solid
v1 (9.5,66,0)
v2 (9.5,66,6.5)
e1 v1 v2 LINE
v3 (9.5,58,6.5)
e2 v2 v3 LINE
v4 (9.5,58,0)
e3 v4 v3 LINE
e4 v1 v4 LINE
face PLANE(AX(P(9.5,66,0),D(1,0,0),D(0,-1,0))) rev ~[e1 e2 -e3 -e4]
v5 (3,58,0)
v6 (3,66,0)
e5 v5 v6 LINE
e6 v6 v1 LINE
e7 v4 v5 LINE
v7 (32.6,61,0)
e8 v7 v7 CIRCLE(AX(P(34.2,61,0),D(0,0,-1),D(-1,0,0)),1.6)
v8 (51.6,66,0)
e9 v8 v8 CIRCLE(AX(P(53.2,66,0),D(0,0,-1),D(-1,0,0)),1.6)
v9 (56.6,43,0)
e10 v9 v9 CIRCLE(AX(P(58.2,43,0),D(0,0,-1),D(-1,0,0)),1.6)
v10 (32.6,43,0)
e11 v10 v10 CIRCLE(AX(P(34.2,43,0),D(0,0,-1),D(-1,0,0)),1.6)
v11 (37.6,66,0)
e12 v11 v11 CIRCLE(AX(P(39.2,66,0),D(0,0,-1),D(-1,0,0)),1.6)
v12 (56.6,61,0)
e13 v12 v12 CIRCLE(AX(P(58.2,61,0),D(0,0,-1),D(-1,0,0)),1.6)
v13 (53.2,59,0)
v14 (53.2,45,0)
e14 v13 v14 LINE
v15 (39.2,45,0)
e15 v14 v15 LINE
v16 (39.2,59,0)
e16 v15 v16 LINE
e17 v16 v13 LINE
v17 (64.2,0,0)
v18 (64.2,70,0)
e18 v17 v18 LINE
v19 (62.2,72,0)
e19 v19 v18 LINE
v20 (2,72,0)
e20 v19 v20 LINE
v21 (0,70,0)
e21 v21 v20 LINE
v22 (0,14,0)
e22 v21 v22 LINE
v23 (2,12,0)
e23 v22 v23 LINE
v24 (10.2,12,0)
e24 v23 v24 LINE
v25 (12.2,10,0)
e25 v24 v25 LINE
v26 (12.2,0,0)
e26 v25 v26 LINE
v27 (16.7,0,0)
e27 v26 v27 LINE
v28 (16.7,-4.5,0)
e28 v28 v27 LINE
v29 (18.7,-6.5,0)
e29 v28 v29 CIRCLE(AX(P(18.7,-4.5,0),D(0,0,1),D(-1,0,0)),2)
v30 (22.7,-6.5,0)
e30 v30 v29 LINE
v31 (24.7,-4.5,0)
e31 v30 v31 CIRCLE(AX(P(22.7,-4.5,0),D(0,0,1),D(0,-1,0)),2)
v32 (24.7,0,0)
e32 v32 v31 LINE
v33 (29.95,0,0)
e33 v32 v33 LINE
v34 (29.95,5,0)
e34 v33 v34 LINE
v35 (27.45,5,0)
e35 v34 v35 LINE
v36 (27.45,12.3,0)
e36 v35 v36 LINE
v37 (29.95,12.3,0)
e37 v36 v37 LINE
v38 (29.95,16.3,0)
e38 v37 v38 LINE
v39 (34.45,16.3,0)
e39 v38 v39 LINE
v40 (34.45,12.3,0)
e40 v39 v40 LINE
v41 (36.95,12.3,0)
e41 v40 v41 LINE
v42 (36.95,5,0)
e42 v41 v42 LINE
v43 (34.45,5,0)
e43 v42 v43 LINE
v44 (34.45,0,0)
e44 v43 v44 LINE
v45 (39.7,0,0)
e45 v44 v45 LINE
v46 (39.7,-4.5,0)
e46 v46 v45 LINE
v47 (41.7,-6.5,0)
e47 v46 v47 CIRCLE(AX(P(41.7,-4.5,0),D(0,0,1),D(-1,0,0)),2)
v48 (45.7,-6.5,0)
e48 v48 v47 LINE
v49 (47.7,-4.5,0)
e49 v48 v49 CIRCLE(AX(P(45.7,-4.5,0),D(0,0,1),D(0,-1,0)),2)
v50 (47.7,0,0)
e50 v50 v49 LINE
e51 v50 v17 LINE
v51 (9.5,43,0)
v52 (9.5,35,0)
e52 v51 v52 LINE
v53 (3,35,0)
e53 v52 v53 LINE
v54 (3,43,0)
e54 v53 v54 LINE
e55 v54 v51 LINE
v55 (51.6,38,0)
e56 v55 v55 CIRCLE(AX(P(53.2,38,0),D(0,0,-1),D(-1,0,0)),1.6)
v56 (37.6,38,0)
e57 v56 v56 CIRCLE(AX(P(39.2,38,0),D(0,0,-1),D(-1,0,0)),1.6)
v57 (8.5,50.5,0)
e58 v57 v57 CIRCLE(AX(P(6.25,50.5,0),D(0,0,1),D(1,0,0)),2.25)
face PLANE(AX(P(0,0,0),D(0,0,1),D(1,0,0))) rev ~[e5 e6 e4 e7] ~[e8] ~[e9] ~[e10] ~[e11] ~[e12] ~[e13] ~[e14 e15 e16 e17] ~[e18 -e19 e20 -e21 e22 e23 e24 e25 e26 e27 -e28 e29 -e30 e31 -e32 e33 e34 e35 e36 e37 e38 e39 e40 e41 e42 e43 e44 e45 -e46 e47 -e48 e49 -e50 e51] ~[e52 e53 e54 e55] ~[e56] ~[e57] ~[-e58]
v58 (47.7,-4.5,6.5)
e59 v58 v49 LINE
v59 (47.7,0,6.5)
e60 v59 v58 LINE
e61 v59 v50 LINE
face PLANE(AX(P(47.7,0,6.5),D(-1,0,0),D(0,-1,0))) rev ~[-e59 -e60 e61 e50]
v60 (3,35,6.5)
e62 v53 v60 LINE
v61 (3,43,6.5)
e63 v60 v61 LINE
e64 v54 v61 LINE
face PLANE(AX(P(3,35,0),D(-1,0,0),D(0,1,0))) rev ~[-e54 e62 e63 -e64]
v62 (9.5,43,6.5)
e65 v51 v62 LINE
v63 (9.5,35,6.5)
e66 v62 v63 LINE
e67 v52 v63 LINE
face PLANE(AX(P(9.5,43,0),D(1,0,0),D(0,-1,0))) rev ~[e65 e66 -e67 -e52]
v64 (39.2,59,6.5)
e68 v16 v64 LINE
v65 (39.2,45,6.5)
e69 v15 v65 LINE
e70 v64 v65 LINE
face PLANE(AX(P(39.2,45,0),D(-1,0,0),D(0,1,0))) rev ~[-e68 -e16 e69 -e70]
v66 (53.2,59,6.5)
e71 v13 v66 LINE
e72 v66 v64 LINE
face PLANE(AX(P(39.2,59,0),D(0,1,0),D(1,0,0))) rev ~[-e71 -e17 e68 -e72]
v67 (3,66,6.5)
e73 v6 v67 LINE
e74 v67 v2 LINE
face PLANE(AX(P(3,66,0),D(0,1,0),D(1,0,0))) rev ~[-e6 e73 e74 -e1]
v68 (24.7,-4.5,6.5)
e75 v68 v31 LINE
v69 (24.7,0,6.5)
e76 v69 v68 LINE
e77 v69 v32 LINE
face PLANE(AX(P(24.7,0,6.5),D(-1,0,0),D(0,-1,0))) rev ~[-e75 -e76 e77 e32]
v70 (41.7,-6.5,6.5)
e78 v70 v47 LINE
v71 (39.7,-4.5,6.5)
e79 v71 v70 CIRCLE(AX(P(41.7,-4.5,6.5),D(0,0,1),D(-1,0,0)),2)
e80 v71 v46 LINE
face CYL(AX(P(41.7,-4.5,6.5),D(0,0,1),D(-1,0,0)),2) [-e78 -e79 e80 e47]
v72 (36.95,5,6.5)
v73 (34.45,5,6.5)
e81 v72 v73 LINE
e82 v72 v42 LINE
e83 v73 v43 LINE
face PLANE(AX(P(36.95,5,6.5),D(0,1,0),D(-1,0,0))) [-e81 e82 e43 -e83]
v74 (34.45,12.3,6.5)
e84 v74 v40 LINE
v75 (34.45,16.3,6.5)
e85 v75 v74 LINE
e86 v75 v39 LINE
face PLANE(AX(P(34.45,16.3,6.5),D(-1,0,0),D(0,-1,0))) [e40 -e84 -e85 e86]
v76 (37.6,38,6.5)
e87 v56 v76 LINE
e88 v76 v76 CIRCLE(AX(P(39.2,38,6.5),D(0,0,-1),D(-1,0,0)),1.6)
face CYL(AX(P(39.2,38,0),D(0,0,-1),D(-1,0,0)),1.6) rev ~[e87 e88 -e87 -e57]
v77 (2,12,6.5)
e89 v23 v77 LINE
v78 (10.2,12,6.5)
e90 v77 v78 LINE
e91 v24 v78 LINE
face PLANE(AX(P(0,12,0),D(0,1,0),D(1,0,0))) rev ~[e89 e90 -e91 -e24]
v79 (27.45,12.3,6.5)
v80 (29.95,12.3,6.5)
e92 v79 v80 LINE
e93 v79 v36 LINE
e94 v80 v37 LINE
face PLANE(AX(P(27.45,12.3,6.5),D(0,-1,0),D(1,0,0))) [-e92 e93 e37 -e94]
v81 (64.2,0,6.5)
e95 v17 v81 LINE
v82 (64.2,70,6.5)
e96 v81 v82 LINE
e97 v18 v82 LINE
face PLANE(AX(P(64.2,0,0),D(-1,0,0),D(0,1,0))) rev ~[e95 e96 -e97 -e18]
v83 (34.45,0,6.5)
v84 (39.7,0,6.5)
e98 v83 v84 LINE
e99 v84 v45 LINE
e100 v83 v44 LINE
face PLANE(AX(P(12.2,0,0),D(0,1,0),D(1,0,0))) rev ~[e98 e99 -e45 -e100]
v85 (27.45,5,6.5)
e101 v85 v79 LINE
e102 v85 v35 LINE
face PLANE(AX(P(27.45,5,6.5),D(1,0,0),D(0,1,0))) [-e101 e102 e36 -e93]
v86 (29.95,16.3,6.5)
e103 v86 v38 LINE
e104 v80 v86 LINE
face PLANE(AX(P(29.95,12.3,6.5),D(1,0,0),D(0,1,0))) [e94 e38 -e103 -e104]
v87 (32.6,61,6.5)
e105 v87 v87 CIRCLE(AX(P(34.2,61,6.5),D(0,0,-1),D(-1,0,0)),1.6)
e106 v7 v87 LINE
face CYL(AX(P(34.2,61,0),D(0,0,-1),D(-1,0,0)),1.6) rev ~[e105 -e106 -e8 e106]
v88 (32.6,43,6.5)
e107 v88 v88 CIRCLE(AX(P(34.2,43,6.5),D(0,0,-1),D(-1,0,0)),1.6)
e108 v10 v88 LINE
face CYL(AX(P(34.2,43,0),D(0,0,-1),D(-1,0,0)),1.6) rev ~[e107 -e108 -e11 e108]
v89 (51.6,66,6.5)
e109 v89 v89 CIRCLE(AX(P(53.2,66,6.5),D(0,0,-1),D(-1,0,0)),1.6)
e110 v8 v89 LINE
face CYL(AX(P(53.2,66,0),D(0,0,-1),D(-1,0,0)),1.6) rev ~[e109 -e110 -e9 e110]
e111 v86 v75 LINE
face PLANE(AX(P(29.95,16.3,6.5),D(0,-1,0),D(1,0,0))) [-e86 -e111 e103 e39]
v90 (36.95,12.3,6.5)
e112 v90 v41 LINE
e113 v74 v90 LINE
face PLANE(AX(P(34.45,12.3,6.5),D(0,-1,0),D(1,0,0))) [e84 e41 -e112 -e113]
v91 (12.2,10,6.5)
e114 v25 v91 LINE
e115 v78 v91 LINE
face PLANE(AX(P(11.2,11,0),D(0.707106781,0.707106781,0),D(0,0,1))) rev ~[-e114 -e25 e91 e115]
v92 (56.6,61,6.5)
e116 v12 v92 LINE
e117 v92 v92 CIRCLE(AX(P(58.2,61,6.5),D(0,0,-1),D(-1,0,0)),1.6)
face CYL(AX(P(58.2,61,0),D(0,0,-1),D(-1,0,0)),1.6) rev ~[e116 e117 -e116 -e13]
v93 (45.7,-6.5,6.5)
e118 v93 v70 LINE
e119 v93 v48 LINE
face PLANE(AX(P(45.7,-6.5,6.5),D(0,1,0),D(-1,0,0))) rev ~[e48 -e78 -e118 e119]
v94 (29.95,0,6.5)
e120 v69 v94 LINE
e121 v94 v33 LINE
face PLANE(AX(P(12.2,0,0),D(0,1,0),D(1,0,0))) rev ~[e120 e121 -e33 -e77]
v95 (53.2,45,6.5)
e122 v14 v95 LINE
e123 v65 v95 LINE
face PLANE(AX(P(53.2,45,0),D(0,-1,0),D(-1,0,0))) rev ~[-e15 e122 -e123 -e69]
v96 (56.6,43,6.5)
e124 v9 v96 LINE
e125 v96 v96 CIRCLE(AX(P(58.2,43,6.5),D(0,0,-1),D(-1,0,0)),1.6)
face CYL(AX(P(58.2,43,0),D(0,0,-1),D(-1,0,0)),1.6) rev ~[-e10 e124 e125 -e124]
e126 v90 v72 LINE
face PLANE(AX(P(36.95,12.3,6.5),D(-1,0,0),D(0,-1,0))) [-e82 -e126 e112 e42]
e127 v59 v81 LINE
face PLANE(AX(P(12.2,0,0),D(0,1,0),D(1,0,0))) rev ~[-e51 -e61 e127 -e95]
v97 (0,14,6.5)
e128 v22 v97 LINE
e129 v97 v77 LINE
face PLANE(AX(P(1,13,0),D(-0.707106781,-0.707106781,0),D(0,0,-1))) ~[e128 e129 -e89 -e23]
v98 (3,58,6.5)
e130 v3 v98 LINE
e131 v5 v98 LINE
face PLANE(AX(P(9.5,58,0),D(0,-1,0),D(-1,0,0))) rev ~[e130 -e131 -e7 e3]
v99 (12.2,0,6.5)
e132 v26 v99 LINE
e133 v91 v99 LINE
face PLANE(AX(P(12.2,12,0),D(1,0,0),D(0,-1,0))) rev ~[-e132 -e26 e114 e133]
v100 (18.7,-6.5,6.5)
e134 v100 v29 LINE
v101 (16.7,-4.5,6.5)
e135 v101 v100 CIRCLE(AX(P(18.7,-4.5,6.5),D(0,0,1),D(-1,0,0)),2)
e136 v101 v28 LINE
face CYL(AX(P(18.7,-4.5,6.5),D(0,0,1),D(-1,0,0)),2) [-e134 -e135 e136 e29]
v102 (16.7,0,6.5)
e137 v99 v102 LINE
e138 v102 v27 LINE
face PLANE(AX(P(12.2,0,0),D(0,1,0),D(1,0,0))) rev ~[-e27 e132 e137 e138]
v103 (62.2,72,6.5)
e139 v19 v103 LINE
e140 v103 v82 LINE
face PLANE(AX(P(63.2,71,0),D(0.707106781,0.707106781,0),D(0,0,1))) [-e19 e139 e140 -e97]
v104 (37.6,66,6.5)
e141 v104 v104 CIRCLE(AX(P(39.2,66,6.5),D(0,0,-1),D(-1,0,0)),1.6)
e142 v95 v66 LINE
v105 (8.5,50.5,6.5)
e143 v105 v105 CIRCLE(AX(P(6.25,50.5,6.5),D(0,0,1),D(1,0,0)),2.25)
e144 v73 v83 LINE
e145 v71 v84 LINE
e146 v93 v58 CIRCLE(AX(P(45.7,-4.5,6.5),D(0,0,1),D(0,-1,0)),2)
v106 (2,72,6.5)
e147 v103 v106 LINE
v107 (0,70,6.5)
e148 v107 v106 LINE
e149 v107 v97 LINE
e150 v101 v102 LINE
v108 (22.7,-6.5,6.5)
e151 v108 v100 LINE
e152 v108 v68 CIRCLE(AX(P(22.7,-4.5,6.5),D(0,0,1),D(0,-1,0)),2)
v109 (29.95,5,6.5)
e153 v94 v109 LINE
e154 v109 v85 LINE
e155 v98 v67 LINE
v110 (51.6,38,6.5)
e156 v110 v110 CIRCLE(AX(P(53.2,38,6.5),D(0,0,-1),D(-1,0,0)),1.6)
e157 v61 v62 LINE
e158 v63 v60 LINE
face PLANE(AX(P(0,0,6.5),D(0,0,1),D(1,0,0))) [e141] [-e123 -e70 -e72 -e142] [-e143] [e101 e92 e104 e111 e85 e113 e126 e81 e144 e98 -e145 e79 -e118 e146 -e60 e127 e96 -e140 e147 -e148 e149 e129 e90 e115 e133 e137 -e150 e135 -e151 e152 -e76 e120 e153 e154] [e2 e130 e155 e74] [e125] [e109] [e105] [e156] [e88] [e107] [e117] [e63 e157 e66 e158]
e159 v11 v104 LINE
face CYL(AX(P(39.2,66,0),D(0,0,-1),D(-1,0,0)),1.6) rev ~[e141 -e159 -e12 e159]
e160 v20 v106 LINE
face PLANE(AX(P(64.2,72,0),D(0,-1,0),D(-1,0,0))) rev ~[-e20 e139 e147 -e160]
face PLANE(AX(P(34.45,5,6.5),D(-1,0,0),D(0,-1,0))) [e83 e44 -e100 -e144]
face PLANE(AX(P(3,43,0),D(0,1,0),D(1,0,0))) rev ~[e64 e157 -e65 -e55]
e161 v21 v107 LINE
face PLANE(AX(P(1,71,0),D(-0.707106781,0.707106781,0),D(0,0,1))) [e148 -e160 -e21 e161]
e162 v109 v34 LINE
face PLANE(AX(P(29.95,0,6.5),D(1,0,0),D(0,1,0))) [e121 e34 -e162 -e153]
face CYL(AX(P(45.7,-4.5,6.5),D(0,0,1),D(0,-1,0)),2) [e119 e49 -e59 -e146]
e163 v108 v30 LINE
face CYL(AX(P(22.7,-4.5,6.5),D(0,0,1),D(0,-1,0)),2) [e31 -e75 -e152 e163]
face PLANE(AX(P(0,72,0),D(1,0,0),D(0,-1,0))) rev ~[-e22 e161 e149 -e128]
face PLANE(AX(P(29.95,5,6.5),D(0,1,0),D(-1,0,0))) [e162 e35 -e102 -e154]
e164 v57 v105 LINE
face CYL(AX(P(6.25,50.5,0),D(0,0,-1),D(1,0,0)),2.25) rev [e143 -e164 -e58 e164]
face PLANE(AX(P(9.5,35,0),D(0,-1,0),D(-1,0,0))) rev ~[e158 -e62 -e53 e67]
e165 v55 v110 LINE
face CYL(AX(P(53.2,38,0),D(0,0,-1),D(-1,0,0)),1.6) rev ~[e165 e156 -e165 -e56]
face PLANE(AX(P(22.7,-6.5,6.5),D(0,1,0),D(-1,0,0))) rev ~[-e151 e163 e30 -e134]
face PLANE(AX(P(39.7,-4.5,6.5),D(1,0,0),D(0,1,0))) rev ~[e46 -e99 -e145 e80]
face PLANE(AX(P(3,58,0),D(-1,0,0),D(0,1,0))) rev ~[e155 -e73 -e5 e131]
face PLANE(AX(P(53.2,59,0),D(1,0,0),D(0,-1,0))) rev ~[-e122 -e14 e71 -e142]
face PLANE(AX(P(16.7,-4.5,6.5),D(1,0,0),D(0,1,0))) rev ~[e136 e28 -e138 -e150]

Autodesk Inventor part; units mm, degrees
ref_plane "YZ Plane" through (0, 0, 0) normal (1, 0, 0) x (0, 1, 0)
ref_plane "XZ Plane" through (0, 0, 0) normal (0, 1, 0) x (-1, 0, 0)
ref_plane "XY Plane" through (0, 0, 0) normal (0, 0, 1) x (1, 0, 0)
sketch "Sketch1" plane through (0, 0, 0) normal (0, 0, 1) x (1, 0, 0)
  line L0 (12.2, 0) -> (64.2, 0)
  line L1 (64.2, 0) -> (64.2, 72)
  line L2 (64.2, 72) -> (0, 72)
  line L3 (0, 72) -> (0, 12)
  line L4 (3, 66) -> (9.5, 66)
  line L5 (9.5, 66) -> (9.5, 58)
  line L6 (9.5, 58) -> (3, 58)
  line L7 (3, 58) -> (3, 66)
  line L8 (3, 43) -> (9.5, 43)
  line L9 (9.5, 43) -> (9.5, 35)
  line L10 (9.5, 35) -> (3, 35)
  line L11 (3, 35) -> (3, 43)
  line L12 (0, 12) -> (12.2, 12)
  line L13 (12.2, 12) -> (12.2, 0)
  line L14 (3, 58) -> (9.5, 43) construction
  line L15 (3, 43) -> (9.5, 58) construction
  circle A0 centre (6.25, 50.5) radius 2.25
  point P0 (0, 0)
  dimension "d1" = 6.5
  dimension "d2" = 8
  dimension "d3" = 8
  dimension "d4" = 15
  dimension "d5" = 3
  dimension "d6" = 72
  dimension "d7" = 4.5
  dimension "d8" = 64.2
  dimension "d9" = 12
  dimension "d10" = 52
  dimension "d11" = 6
extrude "Extrusion1" add sketch "Sketch1" along normal blind 6.5
sketch "Sketch2" plane through (0, 0, 6.5) normal (0, 0, 1) x (1, 0, 0)
  line L0 (64.2, 0) -> (64.2, 72) projected
  line L1 (12.2, 0) -> (64.2, 0) projected
  line L2 (29.95, 16.3) -> (34.45, 16.3)
  line L3 (34.45, 0) -> (29.95, 0)
  line L4 (36.95, 12.3) -> (36.95, 5)
  line L5 (27.45, 5) -> (27.45, 12.3)
  line L6 (29.95, 0) -> (29.95, 5)
  line L7 (29.95, 12.3) -> (29.95, 16.3)
  line L8 (27.45, 12.3) -> (29.95, 12.3)
  line L9 (34.45, 12.3) -> (36.95, 12.3)
  line L10 (34.45, 16.3) -> (34.45, 12.3)
  line L11 (34.45, 5) -> (34.45, 0)
  line L12 (36.95, 5) -> (34.45, 5)
  line L13 (29.95, 5) -> (27.45, 5)
  point P0 (0, 0)
  point P1 (32.2, 16.3)
  dimension "d14" = 2.5
  dimension "d15" = 2.5
  dimension "d16" = 4.5
  dimension "d17" = 5
  dimension "d18" = 7.3
  dimension "d19" = 4
  dimension "d20" = 32
extrude "Extrusion2" cut sketch "Sketch2" against normal blind 6.5
sketch "Sketch3" plane through (0, 0, 6.5) normal (0, 0, 1) x (1, 0, 0)
  line L0 (34.45, 0) -> (64.2, 0) projected
  line L1 (12.2, 0) -> (29.95, 0) projected
  line L2 (29.95, 16.3) -> (34.45, 16.3) projected
  line L3 (16.7, 0) -> (24.7, 0)
  line L4 (24.7, 0) -> (24.7, -4.5)
  line L5 (22.7, -6.5) -> (18.7, -6.5)
  line L6 (16.7, -4.5) -> (16.7, 0)
  line L7 (39.7, 0) -> (47.7, 0)
  line L8 (47.7, 0) -> (47.7, -4.5)
  line L9 (45.7, -6.5) -> (41.7, -6.5)
  line L10 (39.7, -4.5) -> (39.7, 0)
  arc A0 (16.7, -4.5) -> (18.7, -6.5) centre (18.7, -4.5) ccw
  arc A1 (22.7, -6.5) -> (24.7, -4.5) centre (22.7, -4.5) ccw
  arc A2 (39.7, -4.5) -> (41.7, -6.5) centre (41.7, -4.5) ccw
  arc A3 (45.7, -6.5) -> (47.7, -4.5) centre (45.7, -4.5) ccw
  point P0 (0, 0)
  point P1 (32.2, 16.3)
  dimension "d23" = 2
  dimension "d24" = 8
  dimension "d25" = 8
  dimension "d26" = 6.5
  dimension "d27" = 15
  dimension "d28" = 7.5
extrude "Extrusion3" add sketch "Sketch3" against normal blind 6.5
chamfer "Chamfer1" distance 2 angle 45 2 edges at (0, 72, 3.25) (64.2, 72, 3.25)
sketch "Sketch4" plane through (0, 0, 0) normal (0, 0, -1) x (-1, 0, 0)
  line L0 (-64.2, 70) -> (-64.2, 0) projected
  line L1 (-2, 72) -> (-62.2, 72) projected
  line L2 (-39.2, 59) -> (-53.2, 59)
  line L3 (-53.2, 59) -> (-53.2, 45)
  line L4 (-53.2, 45) -> (-39.2, 45)
  line L5 (-39.2, 45) -> (-39.2, 59)
  line L6 (-34.2, 66) -> (-58.2, 66) construction
  line L7 (-58.2, 66) -> (-58.2, 38) construction
  line L8 (-58.2, 38) -> (-34.2, 38) construction
  line L9 (-34.2, 38) -> (-34.2, 66) construction
  circle A0 centre (-58.2, 61) radius 1.6
  circle A1 centre (-58.2, 43) radius 1.6
  circle A2 centre (-53.2, 38) radius 1.6
  circle A3 centre (-39.2, 38) radius 1.6
  circle A4 centre (-34.2, 43) radius 1.6
  circle A5 centre (-34.2, 61) radius 1.6
  circle A6 centre (-39.2, 66) radius 1.6
  circle A7 centre (-53.2, 66) radius 1.6
  point P0 (0, 0)
  point P1 (-58.2, 52)
  point P2 (-53.2, 52)
  point P3 (-46.2, 38)
  point P4 (-46.2, 45)
  dimension "d34" = 3.2
  dimension "d35" = 5
  dimension "d36" = 5
  dimension "d37" = 5
  dimension "d38" = 5
  dimension "d39" = 5
  dimension "d40" = 5
  dimension "d41" = 5
  dimension "d42" = 5
  dimension "d43" = 14
  dimension "d44" = 14
  dimension "d45" = 5
  dimension "d46" = 7
  dimension "d47" = 6
  dimension "d48" = 6
extrude "Extrusion4" cut sketch "Sketch4" against normal through all
chamfer "Chamfer2" distance 2 angle 45 2 edges at (0, 12, 3.25) (12.2, 12, 3.25)
equation "\"d36\" = d35"
equation "\"d37\" = d35"
equation "\"d38\" = d35"
equation "\"d39\" = d35"
equation "\"d40\" = d35"
equation "\"d41\" = d35"
equation "\"d42\" = d35"
properties part number "x_motor_cable_mount"
